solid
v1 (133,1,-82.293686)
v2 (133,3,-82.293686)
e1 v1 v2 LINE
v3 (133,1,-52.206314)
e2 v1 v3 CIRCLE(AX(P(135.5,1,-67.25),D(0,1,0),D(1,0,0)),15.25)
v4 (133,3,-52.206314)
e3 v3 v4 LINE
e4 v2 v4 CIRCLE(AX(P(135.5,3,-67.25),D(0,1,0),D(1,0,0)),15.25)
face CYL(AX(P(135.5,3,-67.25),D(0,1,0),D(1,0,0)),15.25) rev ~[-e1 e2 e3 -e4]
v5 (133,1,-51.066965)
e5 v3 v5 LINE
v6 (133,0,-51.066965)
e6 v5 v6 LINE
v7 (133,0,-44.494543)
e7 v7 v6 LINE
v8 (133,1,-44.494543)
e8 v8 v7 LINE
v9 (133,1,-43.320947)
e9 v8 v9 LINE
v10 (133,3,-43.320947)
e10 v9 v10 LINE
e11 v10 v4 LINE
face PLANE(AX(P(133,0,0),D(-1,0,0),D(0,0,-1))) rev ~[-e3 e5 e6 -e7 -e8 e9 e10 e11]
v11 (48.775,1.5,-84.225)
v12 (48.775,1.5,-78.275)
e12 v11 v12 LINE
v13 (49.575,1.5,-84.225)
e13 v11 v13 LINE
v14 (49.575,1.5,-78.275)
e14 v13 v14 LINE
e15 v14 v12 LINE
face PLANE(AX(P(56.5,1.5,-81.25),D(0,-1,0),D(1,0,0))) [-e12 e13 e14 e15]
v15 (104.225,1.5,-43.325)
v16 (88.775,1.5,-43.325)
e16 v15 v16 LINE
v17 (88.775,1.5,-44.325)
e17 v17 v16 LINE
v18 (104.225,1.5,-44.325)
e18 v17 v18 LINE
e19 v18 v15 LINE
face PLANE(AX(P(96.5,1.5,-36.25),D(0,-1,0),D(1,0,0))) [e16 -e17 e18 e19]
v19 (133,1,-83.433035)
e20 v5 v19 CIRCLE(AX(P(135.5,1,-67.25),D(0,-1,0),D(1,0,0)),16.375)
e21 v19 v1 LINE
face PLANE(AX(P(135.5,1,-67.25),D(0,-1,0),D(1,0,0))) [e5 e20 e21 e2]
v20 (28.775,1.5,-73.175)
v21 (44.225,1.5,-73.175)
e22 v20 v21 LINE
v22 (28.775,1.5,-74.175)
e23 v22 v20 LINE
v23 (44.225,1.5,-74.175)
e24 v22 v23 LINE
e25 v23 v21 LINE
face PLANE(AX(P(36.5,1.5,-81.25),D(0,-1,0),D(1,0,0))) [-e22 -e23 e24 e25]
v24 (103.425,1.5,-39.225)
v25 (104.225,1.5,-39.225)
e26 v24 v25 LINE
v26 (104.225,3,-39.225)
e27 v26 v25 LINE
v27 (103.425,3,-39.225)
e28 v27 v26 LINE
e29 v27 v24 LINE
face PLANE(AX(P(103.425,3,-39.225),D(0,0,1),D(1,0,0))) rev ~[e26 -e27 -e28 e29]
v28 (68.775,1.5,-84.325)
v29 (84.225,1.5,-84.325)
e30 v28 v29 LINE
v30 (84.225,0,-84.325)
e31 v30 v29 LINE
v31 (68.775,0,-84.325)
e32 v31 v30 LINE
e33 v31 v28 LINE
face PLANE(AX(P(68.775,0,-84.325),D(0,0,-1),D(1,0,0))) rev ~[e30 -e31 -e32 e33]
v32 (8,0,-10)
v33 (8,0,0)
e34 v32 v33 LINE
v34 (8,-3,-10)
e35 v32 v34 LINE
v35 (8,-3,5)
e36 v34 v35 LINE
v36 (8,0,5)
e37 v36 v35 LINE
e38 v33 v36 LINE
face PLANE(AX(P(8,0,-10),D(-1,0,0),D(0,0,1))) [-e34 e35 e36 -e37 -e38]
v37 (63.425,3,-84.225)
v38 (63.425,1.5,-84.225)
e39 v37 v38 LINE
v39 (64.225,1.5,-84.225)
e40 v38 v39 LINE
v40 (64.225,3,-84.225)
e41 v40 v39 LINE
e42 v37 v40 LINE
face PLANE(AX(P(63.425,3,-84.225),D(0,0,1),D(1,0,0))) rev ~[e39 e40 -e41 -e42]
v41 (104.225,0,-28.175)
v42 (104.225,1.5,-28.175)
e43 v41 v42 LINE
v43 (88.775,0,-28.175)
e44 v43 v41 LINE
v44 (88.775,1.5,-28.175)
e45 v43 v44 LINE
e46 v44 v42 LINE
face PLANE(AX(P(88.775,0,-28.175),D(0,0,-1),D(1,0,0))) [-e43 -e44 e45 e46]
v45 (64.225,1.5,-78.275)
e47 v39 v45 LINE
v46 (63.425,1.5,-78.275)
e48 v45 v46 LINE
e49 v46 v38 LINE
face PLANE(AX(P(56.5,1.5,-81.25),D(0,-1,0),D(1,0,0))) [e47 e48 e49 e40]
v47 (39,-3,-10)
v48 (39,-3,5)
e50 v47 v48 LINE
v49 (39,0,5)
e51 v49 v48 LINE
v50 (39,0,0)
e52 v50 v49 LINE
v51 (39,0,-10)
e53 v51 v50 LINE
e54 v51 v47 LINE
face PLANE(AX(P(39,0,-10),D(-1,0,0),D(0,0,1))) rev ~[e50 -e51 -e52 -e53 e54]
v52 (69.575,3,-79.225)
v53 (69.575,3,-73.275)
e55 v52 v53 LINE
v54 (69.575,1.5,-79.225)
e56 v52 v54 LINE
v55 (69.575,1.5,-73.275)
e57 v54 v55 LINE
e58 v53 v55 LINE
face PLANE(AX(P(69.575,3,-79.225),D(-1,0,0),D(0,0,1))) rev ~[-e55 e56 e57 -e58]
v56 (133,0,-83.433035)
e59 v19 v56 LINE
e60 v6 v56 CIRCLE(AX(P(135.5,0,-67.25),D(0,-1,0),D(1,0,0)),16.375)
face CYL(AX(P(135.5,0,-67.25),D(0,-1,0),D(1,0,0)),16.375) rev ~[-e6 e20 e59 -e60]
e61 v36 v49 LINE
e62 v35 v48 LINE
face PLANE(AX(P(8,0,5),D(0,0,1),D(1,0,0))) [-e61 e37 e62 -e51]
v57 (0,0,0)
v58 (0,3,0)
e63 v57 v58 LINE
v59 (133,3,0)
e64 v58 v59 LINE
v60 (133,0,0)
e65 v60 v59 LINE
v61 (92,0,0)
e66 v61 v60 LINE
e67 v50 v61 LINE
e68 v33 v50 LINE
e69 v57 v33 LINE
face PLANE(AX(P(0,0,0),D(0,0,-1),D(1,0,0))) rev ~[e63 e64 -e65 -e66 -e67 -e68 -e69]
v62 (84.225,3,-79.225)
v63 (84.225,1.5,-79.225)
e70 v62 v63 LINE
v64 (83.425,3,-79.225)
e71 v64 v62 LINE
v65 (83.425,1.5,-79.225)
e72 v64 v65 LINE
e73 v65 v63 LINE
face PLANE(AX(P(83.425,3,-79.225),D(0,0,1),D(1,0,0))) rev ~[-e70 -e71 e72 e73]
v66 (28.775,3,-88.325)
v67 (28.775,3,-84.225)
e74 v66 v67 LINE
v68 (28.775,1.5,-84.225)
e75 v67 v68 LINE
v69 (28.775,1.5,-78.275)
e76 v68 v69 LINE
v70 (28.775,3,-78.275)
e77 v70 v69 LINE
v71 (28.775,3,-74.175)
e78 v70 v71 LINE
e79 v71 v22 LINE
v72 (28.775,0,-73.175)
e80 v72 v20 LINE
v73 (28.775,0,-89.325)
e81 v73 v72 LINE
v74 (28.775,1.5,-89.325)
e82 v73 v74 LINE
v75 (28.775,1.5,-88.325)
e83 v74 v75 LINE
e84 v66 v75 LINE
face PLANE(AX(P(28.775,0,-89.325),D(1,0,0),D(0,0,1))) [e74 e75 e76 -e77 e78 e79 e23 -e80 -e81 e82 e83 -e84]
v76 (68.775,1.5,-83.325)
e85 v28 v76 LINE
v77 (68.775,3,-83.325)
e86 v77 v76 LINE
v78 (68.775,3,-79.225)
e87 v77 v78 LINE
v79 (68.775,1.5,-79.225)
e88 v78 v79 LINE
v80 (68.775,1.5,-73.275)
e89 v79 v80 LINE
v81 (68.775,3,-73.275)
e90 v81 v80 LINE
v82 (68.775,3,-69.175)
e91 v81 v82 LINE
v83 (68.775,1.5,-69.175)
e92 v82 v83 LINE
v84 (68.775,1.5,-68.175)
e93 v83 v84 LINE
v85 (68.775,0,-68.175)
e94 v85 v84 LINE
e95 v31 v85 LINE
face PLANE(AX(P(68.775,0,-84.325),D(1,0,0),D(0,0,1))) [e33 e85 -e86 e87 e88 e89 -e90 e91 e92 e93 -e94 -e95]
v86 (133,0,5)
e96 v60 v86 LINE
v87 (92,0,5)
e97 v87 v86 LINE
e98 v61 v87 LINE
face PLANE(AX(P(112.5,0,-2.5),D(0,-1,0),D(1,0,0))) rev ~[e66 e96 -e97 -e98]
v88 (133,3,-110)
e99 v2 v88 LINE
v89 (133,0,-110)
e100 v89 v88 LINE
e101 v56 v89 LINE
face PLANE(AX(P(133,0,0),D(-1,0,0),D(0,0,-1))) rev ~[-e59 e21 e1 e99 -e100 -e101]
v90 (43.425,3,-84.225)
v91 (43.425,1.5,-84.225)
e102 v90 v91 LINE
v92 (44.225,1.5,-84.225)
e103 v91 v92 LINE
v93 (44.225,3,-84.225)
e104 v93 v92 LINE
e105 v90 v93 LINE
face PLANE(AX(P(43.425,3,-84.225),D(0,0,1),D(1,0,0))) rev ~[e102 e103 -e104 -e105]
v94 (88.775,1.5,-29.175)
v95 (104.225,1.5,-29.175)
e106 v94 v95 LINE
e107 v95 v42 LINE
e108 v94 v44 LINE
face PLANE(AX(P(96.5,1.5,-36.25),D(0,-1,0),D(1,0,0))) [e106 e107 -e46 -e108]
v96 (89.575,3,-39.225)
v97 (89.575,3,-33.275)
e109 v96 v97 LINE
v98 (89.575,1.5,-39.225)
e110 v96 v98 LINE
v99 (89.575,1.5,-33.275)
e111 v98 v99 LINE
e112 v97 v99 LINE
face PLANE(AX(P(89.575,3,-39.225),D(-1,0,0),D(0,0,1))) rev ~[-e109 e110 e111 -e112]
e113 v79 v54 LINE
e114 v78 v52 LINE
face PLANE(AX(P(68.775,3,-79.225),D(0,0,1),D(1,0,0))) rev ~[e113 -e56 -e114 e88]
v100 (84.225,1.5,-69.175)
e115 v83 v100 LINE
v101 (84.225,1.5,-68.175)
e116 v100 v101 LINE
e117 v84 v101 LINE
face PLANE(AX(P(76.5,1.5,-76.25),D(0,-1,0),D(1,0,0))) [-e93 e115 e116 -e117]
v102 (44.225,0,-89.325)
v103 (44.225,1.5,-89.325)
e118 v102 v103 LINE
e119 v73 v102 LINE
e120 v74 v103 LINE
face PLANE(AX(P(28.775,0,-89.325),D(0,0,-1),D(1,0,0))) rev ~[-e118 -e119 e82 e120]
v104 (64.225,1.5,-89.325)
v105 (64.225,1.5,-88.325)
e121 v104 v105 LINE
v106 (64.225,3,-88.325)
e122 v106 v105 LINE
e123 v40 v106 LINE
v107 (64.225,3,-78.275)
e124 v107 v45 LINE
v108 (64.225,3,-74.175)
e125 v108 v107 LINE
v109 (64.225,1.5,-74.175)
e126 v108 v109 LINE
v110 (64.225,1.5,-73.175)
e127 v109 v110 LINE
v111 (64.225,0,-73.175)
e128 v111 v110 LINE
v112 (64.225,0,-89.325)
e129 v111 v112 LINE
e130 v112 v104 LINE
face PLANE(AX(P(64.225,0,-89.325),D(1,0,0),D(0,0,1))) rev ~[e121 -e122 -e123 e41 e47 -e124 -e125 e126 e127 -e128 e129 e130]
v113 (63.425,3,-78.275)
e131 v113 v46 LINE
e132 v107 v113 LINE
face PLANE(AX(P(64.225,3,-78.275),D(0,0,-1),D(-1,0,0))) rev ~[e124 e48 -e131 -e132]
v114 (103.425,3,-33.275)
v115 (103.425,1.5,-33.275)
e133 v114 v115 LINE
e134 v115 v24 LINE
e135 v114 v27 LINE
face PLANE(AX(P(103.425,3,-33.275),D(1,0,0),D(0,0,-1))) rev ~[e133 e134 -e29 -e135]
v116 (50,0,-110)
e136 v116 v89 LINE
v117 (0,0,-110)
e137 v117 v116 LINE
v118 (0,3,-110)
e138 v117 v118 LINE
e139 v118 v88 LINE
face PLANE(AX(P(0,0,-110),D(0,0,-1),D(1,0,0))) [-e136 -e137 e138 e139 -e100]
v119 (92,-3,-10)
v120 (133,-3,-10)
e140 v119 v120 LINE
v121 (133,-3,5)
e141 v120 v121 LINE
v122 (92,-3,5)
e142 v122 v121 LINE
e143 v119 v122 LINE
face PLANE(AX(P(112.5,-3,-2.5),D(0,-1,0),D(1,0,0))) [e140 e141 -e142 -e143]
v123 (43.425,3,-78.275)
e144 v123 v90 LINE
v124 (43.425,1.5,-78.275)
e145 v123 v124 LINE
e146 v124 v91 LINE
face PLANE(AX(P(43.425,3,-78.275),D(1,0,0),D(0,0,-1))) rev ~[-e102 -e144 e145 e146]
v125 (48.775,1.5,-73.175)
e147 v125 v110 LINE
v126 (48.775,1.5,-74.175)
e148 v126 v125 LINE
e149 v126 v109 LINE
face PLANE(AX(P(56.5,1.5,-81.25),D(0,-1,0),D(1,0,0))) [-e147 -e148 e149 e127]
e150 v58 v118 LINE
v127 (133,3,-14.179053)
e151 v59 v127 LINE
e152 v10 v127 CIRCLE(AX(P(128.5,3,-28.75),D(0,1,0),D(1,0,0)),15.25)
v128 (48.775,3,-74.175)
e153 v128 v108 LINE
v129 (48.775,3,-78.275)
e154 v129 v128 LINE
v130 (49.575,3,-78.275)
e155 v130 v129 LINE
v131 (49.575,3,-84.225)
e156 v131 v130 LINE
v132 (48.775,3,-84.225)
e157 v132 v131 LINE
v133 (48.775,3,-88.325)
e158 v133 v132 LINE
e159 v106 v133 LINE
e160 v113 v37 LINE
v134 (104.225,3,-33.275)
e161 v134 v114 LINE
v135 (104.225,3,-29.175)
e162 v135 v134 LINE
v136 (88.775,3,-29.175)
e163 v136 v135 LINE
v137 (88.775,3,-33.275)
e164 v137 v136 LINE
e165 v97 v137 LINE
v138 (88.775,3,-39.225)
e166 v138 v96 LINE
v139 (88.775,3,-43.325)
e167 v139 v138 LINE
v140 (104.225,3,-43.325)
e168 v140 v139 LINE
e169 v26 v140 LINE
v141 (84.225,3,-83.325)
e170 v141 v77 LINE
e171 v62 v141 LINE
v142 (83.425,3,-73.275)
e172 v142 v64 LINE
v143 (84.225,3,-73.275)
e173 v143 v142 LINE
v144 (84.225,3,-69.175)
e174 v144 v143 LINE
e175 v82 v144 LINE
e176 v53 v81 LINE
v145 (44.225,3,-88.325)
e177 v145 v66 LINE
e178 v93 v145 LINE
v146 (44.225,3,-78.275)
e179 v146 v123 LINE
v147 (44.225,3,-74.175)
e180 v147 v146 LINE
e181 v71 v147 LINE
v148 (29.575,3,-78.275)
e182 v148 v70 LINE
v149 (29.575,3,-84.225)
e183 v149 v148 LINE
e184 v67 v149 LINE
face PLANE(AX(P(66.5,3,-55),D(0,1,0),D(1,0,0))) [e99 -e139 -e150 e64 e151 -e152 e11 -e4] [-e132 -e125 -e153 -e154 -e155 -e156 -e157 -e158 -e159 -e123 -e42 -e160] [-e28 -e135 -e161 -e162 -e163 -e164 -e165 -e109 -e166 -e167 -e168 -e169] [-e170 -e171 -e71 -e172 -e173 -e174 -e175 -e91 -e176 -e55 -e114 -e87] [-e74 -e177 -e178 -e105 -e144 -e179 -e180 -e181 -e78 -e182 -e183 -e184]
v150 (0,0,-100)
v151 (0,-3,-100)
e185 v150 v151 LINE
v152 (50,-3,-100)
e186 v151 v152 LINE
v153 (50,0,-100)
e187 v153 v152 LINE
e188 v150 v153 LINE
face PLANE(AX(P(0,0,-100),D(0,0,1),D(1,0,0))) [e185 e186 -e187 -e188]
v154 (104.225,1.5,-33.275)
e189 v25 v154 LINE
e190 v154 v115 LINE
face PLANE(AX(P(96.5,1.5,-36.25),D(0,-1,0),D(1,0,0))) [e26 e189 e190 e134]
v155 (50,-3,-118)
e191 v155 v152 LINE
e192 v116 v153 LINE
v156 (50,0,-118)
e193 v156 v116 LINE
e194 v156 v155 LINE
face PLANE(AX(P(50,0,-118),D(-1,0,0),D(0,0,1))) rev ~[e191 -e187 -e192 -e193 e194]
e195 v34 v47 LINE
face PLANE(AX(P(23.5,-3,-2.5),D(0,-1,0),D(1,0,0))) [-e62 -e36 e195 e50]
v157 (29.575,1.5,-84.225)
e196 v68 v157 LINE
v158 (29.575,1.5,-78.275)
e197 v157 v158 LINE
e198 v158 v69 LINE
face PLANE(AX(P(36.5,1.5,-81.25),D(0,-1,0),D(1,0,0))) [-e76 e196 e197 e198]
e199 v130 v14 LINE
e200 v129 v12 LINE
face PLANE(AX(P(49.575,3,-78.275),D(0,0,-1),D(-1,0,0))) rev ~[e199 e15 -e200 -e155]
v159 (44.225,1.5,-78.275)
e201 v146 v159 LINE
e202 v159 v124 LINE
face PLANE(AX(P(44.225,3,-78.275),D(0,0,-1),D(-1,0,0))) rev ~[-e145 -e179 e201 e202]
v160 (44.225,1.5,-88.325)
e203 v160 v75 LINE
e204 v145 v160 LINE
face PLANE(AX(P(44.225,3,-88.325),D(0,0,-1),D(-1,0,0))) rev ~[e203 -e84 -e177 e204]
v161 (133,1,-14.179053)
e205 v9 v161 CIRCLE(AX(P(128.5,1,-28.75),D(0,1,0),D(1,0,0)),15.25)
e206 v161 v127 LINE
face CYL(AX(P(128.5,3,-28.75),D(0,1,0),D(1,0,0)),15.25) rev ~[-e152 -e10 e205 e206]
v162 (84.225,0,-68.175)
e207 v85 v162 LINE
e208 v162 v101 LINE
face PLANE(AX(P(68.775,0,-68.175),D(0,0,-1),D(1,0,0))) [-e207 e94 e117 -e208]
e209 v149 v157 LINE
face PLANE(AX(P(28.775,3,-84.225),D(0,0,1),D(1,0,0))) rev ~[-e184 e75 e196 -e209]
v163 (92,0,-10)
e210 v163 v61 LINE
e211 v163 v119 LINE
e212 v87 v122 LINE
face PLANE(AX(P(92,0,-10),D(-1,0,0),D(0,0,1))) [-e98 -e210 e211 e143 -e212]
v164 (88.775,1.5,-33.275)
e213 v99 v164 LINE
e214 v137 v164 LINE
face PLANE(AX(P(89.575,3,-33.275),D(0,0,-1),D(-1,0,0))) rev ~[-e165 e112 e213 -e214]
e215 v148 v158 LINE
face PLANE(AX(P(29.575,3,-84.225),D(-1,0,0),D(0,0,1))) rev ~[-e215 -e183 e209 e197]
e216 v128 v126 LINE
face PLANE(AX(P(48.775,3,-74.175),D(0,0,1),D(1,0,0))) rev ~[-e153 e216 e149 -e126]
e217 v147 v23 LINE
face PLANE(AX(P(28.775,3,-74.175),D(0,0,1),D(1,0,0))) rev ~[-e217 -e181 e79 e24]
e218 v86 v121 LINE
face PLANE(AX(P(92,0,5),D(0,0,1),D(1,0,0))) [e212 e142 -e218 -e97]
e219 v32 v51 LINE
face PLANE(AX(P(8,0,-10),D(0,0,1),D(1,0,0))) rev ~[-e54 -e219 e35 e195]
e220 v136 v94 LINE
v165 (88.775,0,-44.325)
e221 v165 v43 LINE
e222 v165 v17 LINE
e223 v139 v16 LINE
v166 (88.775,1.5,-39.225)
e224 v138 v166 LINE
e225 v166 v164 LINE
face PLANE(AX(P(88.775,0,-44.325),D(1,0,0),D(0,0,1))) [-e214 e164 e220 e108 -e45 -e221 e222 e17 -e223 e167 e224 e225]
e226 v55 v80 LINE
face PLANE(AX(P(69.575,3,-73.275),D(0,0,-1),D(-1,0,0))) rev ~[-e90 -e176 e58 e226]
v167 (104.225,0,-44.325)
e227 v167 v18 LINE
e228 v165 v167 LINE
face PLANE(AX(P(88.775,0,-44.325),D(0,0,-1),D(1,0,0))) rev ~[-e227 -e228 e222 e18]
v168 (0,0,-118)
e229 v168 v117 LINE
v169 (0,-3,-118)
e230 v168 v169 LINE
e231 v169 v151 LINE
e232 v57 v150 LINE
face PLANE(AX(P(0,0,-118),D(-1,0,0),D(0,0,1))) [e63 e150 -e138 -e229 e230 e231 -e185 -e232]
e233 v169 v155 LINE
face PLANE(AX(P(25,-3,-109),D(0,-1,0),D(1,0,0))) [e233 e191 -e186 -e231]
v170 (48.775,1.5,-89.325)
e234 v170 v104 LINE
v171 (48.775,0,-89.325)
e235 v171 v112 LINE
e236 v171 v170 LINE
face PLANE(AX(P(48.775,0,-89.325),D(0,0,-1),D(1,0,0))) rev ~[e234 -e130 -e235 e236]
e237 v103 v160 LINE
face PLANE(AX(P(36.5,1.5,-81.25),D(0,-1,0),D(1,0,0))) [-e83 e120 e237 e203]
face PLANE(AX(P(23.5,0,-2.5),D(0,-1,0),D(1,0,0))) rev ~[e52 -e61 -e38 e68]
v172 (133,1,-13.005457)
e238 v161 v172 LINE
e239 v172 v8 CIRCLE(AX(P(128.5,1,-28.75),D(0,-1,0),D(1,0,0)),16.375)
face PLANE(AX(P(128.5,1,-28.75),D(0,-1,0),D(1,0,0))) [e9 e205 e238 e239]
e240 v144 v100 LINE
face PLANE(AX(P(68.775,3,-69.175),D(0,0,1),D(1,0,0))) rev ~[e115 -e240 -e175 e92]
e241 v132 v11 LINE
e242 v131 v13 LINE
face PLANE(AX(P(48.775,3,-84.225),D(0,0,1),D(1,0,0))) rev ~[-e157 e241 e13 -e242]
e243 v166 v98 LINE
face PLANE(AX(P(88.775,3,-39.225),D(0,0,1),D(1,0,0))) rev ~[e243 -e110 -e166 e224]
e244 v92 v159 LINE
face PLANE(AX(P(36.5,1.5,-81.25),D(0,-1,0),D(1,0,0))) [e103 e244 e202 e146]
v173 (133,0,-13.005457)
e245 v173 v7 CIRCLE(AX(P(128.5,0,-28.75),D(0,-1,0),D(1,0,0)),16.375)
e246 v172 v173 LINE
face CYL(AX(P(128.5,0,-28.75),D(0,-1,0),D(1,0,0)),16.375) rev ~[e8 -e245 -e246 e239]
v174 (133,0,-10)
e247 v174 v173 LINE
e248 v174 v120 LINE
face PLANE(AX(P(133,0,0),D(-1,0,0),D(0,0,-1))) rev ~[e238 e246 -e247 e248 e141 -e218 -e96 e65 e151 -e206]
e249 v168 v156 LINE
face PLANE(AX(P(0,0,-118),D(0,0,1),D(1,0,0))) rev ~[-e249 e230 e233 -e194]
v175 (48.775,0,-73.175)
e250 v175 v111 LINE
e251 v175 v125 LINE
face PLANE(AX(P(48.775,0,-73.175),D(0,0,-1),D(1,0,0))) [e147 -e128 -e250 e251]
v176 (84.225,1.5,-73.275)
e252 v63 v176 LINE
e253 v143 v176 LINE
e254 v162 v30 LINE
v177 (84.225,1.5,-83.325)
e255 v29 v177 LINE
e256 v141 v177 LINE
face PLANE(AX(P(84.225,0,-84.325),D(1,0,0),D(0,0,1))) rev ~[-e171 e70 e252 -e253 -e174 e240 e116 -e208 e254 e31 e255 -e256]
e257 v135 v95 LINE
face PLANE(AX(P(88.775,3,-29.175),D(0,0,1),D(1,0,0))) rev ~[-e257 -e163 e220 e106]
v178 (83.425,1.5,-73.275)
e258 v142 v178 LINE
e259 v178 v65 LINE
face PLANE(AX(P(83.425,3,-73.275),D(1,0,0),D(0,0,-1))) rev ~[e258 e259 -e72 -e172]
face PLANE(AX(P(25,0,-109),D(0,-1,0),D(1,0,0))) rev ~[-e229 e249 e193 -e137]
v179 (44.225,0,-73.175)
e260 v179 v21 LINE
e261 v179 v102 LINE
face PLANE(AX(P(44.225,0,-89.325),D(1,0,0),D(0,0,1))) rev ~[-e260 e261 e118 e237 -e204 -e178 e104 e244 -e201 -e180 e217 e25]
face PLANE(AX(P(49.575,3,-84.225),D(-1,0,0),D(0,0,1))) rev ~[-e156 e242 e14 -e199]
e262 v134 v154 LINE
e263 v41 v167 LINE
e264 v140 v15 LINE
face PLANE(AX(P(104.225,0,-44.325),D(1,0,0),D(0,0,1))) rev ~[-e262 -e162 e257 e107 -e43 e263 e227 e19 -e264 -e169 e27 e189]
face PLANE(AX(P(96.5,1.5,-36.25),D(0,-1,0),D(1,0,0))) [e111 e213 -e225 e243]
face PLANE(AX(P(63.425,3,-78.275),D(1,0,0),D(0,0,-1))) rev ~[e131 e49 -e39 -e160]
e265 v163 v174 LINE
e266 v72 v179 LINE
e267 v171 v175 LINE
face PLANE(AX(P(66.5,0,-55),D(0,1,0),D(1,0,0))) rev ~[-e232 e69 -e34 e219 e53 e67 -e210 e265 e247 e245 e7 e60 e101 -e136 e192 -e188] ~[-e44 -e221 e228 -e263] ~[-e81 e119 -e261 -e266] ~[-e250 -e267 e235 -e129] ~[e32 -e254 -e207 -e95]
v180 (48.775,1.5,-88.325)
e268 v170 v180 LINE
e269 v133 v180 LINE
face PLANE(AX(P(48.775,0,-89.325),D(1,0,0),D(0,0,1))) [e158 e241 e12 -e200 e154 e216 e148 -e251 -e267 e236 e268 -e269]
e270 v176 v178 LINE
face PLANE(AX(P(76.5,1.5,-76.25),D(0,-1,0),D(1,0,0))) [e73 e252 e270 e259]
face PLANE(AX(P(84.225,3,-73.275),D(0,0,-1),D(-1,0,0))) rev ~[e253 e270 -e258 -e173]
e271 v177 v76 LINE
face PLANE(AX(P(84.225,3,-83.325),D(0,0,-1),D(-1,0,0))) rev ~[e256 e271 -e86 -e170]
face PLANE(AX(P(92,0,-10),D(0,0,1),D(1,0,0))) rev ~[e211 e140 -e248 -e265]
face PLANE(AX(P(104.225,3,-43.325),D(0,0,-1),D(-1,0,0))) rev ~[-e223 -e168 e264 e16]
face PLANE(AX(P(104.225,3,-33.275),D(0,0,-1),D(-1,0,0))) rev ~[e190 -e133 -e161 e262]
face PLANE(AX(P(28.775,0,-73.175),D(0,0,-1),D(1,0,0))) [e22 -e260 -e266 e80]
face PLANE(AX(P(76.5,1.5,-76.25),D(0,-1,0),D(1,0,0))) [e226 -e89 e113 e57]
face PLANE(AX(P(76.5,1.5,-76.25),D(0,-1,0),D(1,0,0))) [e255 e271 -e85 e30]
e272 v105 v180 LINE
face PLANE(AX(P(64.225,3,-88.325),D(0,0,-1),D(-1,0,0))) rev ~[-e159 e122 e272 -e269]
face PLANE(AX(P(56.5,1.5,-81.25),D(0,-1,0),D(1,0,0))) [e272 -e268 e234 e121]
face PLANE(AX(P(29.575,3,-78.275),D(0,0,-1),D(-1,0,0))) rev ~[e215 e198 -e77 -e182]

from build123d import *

# Parameters (mm, degrees)
SKETCH1_W           = 133
SKETCH1_H           = 110
BOSS_EXTRUDE1_DEPTH = 3
SKETCH2_W           = 50
SKETCH2_H           = 18
SKETCH2_W_2         = 41
SKETCH2_H_2         = 15
SKETCH2_W_3         = 31
BOSS_EXTRUDE2_DEPTH = 3
CUT_EXTRUDE1_REACH  = 8
SKETCH3_R           = 15.25
SKETCH4_R           = 16.375
CUT_EXTRUDE2_DEPTH  = 1
CUT_EXTRUDE3_DEPTH  = 7
SKETCH7_W           = 15.45
SKETCH7_H           = 16.15
CUT_EXTRUDE4_DEPTH  = 1.5


with BuildPart() as part:
    # Sketch1 → Boss-Extrude1 (new body)
    with BuildSketch(Plane(origin=(0, 0, 0), x_dir=(1, 0, 0), z_dir=(0, 1, 0))):
        with Locations((66.5, 55)):
            Rectangle(SKETCH1_W, SKETCH1_H)
    extrude(amount=BOSS_EXTRUDE1_DEPTH)

    # Sketch2 → Boss-Extrude2 (add)
    with BuildSketch(Plane.XZ):
        with Locations((25, -109)):
            Rectangle(SKETCH2_W, SKETCH2_H)
        with Locations((112.5, -2.5)):
            Rectangle(SKETCH2_W_2, SKETCH2_H_2)
        with Locations((23.5, -2.5)):
            Rectangle(SKETCH2_W_3, SKETCH2_H_2)
    extrude(amount=BOSS_EXTRUDE2_DEPTH)

    # Sketch3 → Cut-Extrude1 (cut, up to next)
    with BuildSketch(Plane(origin=(0, 3, 0), x_dir=(1, 0, 0), z_dir=(0, 1, 0)), mode=Mode.PRIVATE) as cut_extrude1_sk1:
        with Locations((128.5, 28.75)):
            Circle(SKETCH3_R)
    cut_extrude1_tool1 = extrude(cut_extrude1_sk1.sketch, amount=-CUT_EXTRUDE1_REACH, mode=Mode.PRIVATE) & part.part
    add(cut_extrude1_tool1.solids().sort_by_distance((128.5, 3, -28.75))[0], mode=Mode.SUBTRACT)
    # Sketch3 → Cut-Extrude1 (cut, up to next)
    with BuildSketch(Plane(origin=(0, 3, 0), x_dir=(1, 0, 0), z_dir=(0, 1, 0)), mode=Mode.PRIVATE) as cut_extrude1_sk2:
        with Locations((135.5, 67.25)):
            Circle(SKETCH3_R)
    cut_extrude1_tool2 = extrude(cut_extrude1_sk2.sketch, amount=-CUT_EXTRUDE1_REACH, mode=Mode.PRIVATE) & part.part
    add(cut_extrude1_tool2.solids().sort_by_distance((135.5, 3, -67.25))[0], mode=Mode.SUBTRACT)

    # Sketch4 → Cut-Extrude2 (cut)
    with BuildSketch(Plane.XZ):
        with Locations((128.5, -28.75)):
            Circle(SKETCH4_R)
        with Locations((135.5, -67.25)):
            Circle(SKETCH4_R)
    extrude(amount=-CUT_EXTRUDE2_DEPTH, mode=Mode.SUBTRACT)

    # Sketch6 → Cut-Extrude3 (cut, through all)
    with BuildSketch(Plane(origin=(0, 3, 0), x_dir=(1, 0, 0), z_dir=(0, 1, 0))):
        Polygon((29.575, 84.225), (29.575, 78.275), (28.775, 78.275), (28.775, 74.175), (44.225, 74.175), (44.225, 78.275), (43.425, 78.275), (43.425, 84.225), (44.225, 84.225), (44.225, 88.325), (28.775, 88.325), (28.775, 84.225), align=None)
        Polygon((49.575, 84.225), (49.575, 78.275), (48.775, 78.275), (48.775, 74.175), (64.225, 74.175), (64.225, 78.275), (63.425, 78.275), (63.425, 84.225), (64.225, 84.225), (64.225, 88.325), (48.775, 88.325), (48.775, 84.225), align=None)
        Polygon((69.575, 79.225), (69.575, 73.275), (68.775, 73.275), (68.775, 69.175), (84.225, 69.175), (84.225, 73.275), (83.425, 73.275), (83.425, 79.225), (84.225, 79.225), (84.225, 83.325), (68.775, 83.325), (68.775, 79.225), align=None)
        Polygon((89.575, 39.225), (89.575, 33.275), (88.775, 33.275), (88.775, 29.175), (104.225, 29.175), (104.225, 33.275), (103.425, 33.275), (103.425, 39.225), (104.225, 39.225), (104.225, 43.325), (88.775, 43.325), (88.775, 39.225), align=None)
    extrude(amount=-CUT_EXTRUDE3_DEPTH, mode=Mode.SUBTRACT)

    # Sketch7 → Cut-Extrude4 (cut)
    with BuildSketch(Plane.XZ):
        with Locations((76.5, -76.25)):
            Rectangle(SKETCH7_W, SKETCH7_H)
        with Locations((96.5, -36.25)):
            Rectangle(SKETCH7_W, SKETCH7_H)
        with Locations((56.5, -81.25)):
            Rectangle(SKETCH7_W, SKETCH7_H)
        with Locations((36.5, -81.25)):
            Rectangle(SKETCH7_W, SKETCH7_H)
    extrude(amount=-CUT_EXTRUDE4_DEPTH, mode=Mode.SUBTRACT)


solid = part.part
